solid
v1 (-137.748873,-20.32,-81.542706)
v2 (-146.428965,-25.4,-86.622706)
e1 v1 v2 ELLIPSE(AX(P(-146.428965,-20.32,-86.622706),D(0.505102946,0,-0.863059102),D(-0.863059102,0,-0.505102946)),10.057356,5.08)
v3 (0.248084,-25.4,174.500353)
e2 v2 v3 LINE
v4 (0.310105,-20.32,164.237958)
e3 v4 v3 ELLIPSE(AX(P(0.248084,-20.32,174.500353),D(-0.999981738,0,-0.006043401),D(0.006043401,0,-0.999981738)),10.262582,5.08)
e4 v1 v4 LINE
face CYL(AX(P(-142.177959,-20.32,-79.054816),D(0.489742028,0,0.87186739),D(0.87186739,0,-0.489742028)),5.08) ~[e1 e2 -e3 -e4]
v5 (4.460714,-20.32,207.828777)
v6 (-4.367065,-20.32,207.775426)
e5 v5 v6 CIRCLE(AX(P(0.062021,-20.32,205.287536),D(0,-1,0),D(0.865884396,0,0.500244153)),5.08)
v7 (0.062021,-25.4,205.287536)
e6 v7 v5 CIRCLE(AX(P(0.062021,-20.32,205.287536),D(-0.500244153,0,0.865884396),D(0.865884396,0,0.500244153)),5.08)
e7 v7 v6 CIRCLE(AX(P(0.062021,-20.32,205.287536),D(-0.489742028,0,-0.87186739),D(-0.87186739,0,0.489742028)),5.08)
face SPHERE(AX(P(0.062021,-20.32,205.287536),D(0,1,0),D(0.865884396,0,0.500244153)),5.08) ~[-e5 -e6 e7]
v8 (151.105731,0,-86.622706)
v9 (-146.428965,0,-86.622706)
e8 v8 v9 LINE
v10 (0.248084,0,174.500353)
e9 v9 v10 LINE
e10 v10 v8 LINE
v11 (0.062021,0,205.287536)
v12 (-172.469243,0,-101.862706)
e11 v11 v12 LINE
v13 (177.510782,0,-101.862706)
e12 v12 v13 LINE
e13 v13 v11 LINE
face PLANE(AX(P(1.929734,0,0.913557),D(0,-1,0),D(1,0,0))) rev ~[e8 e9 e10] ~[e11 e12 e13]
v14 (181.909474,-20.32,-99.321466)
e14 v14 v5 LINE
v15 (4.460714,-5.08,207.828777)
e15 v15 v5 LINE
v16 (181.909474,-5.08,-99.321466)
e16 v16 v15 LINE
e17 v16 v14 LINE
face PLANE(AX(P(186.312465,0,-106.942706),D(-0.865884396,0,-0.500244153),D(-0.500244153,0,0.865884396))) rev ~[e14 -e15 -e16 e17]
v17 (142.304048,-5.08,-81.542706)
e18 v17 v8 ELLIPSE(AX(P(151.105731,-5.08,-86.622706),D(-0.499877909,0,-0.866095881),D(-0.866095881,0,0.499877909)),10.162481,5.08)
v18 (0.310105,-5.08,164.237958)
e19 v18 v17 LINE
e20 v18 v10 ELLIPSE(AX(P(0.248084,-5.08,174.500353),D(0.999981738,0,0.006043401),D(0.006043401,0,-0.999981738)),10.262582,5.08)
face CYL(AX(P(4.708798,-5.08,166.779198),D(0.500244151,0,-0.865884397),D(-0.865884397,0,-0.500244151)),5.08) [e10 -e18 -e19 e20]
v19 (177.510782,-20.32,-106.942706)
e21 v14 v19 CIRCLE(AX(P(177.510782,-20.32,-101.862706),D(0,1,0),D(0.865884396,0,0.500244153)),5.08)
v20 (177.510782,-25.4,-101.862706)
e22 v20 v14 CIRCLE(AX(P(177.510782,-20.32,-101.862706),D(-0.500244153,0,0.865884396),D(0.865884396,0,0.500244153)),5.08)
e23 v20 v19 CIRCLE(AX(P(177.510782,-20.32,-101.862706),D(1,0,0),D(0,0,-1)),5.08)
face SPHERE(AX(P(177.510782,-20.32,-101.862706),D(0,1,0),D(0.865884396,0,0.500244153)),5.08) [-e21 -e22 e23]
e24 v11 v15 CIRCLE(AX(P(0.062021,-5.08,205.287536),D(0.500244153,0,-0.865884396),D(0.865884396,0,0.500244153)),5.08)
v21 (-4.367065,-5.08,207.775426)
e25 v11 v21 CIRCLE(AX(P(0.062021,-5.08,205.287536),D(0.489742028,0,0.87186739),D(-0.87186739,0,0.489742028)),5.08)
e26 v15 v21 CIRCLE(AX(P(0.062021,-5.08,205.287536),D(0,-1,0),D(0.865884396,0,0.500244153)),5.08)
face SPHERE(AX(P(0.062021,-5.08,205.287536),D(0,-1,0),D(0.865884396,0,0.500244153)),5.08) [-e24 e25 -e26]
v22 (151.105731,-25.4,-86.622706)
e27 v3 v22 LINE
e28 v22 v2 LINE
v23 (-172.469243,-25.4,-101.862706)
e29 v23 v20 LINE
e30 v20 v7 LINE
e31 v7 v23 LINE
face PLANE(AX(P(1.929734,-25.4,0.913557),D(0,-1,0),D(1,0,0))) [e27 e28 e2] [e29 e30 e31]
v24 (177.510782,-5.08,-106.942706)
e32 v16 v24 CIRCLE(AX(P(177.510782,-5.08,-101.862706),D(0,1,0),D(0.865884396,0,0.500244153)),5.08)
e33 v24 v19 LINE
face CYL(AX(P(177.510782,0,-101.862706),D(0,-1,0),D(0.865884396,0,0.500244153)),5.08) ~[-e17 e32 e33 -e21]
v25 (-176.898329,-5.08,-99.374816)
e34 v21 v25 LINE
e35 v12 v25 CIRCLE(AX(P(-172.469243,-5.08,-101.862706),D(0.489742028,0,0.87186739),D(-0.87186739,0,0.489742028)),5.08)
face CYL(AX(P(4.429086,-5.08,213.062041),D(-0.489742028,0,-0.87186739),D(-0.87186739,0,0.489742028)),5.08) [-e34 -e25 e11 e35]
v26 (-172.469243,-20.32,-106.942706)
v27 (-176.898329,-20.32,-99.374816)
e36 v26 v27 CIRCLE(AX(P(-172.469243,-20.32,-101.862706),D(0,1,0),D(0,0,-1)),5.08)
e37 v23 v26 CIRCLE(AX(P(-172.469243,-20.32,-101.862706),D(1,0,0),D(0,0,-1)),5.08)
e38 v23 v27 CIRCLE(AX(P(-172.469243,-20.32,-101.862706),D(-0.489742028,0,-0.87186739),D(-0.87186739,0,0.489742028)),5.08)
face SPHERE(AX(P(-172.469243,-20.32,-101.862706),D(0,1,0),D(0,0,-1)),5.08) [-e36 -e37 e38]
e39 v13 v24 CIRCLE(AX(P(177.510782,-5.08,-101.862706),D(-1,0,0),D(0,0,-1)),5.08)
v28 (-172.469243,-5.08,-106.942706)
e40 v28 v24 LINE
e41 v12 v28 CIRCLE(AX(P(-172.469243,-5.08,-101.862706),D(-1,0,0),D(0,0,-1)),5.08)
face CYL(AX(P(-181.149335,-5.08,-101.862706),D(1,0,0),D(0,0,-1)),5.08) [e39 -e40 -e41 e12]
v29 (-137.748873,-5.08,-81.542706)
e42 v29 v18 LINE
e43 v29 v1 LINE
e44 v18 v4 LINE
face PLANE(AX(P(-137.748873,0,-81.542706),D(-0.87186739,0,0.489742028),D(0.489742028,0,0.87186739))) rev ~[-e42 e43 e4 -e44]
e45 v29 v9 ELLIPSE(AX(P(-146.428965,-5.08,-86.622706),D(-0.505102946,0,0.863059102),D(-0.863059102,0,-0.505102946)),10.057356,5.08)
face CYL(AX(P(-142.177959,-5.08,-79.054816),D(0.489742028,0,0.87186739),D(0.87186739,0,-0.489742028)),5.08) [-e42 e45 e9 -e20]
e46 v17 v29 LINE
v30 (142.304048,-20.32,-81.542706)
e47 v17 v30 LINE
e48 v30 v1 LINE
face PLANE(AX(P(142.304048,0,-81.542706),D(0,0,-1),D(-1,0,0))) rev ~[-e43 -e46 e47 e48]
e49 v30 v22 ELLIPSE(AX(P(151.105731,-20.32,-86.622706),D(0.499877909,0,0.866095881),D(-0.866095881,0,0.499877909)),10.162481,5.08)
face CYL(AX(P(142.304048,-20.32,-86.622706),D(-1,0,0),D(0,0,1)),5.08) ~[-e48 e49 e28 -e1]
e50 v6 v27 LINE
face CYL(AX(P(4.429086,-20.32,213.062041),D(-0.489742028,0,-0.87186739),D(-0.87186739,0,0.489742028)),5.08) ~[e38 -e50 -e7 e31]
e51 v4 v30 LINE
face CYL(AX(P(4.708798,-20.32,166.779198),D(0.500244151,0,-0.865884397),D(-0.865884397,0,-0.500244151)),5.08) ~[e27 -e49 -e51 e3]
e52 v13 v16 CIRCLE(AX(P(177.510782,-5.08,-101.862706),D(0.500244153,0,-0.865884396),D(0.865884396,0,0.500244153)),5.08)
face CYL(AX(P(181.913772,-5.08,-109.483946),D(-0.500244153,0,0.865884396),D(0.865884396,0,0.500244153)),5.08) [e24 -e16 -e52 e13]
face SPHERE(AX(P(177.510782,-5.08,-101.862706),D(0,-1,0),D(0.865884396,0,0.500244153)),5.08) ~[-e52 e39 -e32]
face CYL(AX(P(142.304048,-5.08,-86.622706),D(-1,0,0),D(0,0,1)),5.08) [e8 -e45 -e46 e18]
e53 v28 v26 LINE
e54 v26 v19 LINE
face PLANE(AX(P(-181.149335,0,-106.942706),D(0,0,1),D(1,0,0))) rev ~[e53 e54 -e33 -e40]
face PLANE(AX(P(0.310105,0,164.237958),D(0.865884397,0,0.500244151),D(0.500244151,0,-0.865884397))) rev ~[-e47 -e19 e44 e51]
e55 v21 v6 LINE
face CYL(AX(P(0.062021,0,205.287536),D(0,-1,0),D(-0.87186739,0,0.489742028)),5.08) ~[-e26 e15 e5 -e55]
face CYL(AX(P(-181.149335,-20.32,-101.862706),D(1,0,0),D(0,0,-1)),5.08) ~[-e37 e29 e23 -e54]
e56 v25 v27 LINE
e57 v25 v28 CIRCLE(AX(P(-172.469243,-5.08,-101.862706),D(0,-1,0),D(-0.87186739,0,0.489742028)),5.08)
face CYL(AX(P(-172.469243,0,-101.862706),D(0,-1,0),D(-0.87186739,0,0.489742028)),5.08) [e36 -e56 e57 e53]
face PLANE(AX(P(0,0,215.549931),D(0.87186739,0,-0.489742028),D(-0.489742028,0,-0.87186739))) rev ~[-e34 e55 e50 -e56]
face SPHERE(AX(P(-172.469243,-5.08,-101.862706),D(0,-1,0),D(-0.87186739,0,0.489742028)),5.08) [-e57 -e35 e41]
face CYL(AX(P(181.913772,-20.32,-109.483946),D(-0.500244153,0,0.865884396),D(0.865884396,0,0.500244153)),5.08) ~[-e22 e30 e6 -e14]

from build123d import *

# Parameters (mm, degrees)
F1_DEPTH = 25.4
F2_R     = 5.08


with BuildPart() as f1:
    # F0 (on Front) → F1 (new body)
    with BuildSketch(Plane.XZ):
        Polygon((0, 215.549931), (-181.149335, -106.942706), (186.312465, -106.942706), align=None)
        Polygon((-137.748873, -81.542706), (0.310105, 164.237958), (142.304048, -81.542706), align=None, mode=Mode.SUBTRACT)
    extrude(amount=F1_DEPTH)

    # F2
    f2_edges = [f1.edges().sort_by_distance(p)[0] for p in [
        (93.156233, 0, 54.303613),
        (-90.574667, 0, 54.303613),
        (2.581565, 0, -106.942706),
        (2.277588, 0, -81.542706),
        (71.307076, 0, 41.347626),
        (-68.719384, 0, 41.347626),
        (93.156233, -25.4, 54.303613),
        (2.581565, -25.4, -106.942706),
        (-90.574667, -25.4, 54.303613),
        (2.277588, -25.4, -81.542706),
        (71.307076, -25.4, 41.347626),
        (-68.719384, -25.4, 41.347626),
        (0, -12.7, 215.549931),
        (186.312465, -12.7, -106.942706),
        (-181.149335, -12.7, -106.942706),
    ]]
    fillet(f2_edges, radius=F2_R)


solid = f1.part
